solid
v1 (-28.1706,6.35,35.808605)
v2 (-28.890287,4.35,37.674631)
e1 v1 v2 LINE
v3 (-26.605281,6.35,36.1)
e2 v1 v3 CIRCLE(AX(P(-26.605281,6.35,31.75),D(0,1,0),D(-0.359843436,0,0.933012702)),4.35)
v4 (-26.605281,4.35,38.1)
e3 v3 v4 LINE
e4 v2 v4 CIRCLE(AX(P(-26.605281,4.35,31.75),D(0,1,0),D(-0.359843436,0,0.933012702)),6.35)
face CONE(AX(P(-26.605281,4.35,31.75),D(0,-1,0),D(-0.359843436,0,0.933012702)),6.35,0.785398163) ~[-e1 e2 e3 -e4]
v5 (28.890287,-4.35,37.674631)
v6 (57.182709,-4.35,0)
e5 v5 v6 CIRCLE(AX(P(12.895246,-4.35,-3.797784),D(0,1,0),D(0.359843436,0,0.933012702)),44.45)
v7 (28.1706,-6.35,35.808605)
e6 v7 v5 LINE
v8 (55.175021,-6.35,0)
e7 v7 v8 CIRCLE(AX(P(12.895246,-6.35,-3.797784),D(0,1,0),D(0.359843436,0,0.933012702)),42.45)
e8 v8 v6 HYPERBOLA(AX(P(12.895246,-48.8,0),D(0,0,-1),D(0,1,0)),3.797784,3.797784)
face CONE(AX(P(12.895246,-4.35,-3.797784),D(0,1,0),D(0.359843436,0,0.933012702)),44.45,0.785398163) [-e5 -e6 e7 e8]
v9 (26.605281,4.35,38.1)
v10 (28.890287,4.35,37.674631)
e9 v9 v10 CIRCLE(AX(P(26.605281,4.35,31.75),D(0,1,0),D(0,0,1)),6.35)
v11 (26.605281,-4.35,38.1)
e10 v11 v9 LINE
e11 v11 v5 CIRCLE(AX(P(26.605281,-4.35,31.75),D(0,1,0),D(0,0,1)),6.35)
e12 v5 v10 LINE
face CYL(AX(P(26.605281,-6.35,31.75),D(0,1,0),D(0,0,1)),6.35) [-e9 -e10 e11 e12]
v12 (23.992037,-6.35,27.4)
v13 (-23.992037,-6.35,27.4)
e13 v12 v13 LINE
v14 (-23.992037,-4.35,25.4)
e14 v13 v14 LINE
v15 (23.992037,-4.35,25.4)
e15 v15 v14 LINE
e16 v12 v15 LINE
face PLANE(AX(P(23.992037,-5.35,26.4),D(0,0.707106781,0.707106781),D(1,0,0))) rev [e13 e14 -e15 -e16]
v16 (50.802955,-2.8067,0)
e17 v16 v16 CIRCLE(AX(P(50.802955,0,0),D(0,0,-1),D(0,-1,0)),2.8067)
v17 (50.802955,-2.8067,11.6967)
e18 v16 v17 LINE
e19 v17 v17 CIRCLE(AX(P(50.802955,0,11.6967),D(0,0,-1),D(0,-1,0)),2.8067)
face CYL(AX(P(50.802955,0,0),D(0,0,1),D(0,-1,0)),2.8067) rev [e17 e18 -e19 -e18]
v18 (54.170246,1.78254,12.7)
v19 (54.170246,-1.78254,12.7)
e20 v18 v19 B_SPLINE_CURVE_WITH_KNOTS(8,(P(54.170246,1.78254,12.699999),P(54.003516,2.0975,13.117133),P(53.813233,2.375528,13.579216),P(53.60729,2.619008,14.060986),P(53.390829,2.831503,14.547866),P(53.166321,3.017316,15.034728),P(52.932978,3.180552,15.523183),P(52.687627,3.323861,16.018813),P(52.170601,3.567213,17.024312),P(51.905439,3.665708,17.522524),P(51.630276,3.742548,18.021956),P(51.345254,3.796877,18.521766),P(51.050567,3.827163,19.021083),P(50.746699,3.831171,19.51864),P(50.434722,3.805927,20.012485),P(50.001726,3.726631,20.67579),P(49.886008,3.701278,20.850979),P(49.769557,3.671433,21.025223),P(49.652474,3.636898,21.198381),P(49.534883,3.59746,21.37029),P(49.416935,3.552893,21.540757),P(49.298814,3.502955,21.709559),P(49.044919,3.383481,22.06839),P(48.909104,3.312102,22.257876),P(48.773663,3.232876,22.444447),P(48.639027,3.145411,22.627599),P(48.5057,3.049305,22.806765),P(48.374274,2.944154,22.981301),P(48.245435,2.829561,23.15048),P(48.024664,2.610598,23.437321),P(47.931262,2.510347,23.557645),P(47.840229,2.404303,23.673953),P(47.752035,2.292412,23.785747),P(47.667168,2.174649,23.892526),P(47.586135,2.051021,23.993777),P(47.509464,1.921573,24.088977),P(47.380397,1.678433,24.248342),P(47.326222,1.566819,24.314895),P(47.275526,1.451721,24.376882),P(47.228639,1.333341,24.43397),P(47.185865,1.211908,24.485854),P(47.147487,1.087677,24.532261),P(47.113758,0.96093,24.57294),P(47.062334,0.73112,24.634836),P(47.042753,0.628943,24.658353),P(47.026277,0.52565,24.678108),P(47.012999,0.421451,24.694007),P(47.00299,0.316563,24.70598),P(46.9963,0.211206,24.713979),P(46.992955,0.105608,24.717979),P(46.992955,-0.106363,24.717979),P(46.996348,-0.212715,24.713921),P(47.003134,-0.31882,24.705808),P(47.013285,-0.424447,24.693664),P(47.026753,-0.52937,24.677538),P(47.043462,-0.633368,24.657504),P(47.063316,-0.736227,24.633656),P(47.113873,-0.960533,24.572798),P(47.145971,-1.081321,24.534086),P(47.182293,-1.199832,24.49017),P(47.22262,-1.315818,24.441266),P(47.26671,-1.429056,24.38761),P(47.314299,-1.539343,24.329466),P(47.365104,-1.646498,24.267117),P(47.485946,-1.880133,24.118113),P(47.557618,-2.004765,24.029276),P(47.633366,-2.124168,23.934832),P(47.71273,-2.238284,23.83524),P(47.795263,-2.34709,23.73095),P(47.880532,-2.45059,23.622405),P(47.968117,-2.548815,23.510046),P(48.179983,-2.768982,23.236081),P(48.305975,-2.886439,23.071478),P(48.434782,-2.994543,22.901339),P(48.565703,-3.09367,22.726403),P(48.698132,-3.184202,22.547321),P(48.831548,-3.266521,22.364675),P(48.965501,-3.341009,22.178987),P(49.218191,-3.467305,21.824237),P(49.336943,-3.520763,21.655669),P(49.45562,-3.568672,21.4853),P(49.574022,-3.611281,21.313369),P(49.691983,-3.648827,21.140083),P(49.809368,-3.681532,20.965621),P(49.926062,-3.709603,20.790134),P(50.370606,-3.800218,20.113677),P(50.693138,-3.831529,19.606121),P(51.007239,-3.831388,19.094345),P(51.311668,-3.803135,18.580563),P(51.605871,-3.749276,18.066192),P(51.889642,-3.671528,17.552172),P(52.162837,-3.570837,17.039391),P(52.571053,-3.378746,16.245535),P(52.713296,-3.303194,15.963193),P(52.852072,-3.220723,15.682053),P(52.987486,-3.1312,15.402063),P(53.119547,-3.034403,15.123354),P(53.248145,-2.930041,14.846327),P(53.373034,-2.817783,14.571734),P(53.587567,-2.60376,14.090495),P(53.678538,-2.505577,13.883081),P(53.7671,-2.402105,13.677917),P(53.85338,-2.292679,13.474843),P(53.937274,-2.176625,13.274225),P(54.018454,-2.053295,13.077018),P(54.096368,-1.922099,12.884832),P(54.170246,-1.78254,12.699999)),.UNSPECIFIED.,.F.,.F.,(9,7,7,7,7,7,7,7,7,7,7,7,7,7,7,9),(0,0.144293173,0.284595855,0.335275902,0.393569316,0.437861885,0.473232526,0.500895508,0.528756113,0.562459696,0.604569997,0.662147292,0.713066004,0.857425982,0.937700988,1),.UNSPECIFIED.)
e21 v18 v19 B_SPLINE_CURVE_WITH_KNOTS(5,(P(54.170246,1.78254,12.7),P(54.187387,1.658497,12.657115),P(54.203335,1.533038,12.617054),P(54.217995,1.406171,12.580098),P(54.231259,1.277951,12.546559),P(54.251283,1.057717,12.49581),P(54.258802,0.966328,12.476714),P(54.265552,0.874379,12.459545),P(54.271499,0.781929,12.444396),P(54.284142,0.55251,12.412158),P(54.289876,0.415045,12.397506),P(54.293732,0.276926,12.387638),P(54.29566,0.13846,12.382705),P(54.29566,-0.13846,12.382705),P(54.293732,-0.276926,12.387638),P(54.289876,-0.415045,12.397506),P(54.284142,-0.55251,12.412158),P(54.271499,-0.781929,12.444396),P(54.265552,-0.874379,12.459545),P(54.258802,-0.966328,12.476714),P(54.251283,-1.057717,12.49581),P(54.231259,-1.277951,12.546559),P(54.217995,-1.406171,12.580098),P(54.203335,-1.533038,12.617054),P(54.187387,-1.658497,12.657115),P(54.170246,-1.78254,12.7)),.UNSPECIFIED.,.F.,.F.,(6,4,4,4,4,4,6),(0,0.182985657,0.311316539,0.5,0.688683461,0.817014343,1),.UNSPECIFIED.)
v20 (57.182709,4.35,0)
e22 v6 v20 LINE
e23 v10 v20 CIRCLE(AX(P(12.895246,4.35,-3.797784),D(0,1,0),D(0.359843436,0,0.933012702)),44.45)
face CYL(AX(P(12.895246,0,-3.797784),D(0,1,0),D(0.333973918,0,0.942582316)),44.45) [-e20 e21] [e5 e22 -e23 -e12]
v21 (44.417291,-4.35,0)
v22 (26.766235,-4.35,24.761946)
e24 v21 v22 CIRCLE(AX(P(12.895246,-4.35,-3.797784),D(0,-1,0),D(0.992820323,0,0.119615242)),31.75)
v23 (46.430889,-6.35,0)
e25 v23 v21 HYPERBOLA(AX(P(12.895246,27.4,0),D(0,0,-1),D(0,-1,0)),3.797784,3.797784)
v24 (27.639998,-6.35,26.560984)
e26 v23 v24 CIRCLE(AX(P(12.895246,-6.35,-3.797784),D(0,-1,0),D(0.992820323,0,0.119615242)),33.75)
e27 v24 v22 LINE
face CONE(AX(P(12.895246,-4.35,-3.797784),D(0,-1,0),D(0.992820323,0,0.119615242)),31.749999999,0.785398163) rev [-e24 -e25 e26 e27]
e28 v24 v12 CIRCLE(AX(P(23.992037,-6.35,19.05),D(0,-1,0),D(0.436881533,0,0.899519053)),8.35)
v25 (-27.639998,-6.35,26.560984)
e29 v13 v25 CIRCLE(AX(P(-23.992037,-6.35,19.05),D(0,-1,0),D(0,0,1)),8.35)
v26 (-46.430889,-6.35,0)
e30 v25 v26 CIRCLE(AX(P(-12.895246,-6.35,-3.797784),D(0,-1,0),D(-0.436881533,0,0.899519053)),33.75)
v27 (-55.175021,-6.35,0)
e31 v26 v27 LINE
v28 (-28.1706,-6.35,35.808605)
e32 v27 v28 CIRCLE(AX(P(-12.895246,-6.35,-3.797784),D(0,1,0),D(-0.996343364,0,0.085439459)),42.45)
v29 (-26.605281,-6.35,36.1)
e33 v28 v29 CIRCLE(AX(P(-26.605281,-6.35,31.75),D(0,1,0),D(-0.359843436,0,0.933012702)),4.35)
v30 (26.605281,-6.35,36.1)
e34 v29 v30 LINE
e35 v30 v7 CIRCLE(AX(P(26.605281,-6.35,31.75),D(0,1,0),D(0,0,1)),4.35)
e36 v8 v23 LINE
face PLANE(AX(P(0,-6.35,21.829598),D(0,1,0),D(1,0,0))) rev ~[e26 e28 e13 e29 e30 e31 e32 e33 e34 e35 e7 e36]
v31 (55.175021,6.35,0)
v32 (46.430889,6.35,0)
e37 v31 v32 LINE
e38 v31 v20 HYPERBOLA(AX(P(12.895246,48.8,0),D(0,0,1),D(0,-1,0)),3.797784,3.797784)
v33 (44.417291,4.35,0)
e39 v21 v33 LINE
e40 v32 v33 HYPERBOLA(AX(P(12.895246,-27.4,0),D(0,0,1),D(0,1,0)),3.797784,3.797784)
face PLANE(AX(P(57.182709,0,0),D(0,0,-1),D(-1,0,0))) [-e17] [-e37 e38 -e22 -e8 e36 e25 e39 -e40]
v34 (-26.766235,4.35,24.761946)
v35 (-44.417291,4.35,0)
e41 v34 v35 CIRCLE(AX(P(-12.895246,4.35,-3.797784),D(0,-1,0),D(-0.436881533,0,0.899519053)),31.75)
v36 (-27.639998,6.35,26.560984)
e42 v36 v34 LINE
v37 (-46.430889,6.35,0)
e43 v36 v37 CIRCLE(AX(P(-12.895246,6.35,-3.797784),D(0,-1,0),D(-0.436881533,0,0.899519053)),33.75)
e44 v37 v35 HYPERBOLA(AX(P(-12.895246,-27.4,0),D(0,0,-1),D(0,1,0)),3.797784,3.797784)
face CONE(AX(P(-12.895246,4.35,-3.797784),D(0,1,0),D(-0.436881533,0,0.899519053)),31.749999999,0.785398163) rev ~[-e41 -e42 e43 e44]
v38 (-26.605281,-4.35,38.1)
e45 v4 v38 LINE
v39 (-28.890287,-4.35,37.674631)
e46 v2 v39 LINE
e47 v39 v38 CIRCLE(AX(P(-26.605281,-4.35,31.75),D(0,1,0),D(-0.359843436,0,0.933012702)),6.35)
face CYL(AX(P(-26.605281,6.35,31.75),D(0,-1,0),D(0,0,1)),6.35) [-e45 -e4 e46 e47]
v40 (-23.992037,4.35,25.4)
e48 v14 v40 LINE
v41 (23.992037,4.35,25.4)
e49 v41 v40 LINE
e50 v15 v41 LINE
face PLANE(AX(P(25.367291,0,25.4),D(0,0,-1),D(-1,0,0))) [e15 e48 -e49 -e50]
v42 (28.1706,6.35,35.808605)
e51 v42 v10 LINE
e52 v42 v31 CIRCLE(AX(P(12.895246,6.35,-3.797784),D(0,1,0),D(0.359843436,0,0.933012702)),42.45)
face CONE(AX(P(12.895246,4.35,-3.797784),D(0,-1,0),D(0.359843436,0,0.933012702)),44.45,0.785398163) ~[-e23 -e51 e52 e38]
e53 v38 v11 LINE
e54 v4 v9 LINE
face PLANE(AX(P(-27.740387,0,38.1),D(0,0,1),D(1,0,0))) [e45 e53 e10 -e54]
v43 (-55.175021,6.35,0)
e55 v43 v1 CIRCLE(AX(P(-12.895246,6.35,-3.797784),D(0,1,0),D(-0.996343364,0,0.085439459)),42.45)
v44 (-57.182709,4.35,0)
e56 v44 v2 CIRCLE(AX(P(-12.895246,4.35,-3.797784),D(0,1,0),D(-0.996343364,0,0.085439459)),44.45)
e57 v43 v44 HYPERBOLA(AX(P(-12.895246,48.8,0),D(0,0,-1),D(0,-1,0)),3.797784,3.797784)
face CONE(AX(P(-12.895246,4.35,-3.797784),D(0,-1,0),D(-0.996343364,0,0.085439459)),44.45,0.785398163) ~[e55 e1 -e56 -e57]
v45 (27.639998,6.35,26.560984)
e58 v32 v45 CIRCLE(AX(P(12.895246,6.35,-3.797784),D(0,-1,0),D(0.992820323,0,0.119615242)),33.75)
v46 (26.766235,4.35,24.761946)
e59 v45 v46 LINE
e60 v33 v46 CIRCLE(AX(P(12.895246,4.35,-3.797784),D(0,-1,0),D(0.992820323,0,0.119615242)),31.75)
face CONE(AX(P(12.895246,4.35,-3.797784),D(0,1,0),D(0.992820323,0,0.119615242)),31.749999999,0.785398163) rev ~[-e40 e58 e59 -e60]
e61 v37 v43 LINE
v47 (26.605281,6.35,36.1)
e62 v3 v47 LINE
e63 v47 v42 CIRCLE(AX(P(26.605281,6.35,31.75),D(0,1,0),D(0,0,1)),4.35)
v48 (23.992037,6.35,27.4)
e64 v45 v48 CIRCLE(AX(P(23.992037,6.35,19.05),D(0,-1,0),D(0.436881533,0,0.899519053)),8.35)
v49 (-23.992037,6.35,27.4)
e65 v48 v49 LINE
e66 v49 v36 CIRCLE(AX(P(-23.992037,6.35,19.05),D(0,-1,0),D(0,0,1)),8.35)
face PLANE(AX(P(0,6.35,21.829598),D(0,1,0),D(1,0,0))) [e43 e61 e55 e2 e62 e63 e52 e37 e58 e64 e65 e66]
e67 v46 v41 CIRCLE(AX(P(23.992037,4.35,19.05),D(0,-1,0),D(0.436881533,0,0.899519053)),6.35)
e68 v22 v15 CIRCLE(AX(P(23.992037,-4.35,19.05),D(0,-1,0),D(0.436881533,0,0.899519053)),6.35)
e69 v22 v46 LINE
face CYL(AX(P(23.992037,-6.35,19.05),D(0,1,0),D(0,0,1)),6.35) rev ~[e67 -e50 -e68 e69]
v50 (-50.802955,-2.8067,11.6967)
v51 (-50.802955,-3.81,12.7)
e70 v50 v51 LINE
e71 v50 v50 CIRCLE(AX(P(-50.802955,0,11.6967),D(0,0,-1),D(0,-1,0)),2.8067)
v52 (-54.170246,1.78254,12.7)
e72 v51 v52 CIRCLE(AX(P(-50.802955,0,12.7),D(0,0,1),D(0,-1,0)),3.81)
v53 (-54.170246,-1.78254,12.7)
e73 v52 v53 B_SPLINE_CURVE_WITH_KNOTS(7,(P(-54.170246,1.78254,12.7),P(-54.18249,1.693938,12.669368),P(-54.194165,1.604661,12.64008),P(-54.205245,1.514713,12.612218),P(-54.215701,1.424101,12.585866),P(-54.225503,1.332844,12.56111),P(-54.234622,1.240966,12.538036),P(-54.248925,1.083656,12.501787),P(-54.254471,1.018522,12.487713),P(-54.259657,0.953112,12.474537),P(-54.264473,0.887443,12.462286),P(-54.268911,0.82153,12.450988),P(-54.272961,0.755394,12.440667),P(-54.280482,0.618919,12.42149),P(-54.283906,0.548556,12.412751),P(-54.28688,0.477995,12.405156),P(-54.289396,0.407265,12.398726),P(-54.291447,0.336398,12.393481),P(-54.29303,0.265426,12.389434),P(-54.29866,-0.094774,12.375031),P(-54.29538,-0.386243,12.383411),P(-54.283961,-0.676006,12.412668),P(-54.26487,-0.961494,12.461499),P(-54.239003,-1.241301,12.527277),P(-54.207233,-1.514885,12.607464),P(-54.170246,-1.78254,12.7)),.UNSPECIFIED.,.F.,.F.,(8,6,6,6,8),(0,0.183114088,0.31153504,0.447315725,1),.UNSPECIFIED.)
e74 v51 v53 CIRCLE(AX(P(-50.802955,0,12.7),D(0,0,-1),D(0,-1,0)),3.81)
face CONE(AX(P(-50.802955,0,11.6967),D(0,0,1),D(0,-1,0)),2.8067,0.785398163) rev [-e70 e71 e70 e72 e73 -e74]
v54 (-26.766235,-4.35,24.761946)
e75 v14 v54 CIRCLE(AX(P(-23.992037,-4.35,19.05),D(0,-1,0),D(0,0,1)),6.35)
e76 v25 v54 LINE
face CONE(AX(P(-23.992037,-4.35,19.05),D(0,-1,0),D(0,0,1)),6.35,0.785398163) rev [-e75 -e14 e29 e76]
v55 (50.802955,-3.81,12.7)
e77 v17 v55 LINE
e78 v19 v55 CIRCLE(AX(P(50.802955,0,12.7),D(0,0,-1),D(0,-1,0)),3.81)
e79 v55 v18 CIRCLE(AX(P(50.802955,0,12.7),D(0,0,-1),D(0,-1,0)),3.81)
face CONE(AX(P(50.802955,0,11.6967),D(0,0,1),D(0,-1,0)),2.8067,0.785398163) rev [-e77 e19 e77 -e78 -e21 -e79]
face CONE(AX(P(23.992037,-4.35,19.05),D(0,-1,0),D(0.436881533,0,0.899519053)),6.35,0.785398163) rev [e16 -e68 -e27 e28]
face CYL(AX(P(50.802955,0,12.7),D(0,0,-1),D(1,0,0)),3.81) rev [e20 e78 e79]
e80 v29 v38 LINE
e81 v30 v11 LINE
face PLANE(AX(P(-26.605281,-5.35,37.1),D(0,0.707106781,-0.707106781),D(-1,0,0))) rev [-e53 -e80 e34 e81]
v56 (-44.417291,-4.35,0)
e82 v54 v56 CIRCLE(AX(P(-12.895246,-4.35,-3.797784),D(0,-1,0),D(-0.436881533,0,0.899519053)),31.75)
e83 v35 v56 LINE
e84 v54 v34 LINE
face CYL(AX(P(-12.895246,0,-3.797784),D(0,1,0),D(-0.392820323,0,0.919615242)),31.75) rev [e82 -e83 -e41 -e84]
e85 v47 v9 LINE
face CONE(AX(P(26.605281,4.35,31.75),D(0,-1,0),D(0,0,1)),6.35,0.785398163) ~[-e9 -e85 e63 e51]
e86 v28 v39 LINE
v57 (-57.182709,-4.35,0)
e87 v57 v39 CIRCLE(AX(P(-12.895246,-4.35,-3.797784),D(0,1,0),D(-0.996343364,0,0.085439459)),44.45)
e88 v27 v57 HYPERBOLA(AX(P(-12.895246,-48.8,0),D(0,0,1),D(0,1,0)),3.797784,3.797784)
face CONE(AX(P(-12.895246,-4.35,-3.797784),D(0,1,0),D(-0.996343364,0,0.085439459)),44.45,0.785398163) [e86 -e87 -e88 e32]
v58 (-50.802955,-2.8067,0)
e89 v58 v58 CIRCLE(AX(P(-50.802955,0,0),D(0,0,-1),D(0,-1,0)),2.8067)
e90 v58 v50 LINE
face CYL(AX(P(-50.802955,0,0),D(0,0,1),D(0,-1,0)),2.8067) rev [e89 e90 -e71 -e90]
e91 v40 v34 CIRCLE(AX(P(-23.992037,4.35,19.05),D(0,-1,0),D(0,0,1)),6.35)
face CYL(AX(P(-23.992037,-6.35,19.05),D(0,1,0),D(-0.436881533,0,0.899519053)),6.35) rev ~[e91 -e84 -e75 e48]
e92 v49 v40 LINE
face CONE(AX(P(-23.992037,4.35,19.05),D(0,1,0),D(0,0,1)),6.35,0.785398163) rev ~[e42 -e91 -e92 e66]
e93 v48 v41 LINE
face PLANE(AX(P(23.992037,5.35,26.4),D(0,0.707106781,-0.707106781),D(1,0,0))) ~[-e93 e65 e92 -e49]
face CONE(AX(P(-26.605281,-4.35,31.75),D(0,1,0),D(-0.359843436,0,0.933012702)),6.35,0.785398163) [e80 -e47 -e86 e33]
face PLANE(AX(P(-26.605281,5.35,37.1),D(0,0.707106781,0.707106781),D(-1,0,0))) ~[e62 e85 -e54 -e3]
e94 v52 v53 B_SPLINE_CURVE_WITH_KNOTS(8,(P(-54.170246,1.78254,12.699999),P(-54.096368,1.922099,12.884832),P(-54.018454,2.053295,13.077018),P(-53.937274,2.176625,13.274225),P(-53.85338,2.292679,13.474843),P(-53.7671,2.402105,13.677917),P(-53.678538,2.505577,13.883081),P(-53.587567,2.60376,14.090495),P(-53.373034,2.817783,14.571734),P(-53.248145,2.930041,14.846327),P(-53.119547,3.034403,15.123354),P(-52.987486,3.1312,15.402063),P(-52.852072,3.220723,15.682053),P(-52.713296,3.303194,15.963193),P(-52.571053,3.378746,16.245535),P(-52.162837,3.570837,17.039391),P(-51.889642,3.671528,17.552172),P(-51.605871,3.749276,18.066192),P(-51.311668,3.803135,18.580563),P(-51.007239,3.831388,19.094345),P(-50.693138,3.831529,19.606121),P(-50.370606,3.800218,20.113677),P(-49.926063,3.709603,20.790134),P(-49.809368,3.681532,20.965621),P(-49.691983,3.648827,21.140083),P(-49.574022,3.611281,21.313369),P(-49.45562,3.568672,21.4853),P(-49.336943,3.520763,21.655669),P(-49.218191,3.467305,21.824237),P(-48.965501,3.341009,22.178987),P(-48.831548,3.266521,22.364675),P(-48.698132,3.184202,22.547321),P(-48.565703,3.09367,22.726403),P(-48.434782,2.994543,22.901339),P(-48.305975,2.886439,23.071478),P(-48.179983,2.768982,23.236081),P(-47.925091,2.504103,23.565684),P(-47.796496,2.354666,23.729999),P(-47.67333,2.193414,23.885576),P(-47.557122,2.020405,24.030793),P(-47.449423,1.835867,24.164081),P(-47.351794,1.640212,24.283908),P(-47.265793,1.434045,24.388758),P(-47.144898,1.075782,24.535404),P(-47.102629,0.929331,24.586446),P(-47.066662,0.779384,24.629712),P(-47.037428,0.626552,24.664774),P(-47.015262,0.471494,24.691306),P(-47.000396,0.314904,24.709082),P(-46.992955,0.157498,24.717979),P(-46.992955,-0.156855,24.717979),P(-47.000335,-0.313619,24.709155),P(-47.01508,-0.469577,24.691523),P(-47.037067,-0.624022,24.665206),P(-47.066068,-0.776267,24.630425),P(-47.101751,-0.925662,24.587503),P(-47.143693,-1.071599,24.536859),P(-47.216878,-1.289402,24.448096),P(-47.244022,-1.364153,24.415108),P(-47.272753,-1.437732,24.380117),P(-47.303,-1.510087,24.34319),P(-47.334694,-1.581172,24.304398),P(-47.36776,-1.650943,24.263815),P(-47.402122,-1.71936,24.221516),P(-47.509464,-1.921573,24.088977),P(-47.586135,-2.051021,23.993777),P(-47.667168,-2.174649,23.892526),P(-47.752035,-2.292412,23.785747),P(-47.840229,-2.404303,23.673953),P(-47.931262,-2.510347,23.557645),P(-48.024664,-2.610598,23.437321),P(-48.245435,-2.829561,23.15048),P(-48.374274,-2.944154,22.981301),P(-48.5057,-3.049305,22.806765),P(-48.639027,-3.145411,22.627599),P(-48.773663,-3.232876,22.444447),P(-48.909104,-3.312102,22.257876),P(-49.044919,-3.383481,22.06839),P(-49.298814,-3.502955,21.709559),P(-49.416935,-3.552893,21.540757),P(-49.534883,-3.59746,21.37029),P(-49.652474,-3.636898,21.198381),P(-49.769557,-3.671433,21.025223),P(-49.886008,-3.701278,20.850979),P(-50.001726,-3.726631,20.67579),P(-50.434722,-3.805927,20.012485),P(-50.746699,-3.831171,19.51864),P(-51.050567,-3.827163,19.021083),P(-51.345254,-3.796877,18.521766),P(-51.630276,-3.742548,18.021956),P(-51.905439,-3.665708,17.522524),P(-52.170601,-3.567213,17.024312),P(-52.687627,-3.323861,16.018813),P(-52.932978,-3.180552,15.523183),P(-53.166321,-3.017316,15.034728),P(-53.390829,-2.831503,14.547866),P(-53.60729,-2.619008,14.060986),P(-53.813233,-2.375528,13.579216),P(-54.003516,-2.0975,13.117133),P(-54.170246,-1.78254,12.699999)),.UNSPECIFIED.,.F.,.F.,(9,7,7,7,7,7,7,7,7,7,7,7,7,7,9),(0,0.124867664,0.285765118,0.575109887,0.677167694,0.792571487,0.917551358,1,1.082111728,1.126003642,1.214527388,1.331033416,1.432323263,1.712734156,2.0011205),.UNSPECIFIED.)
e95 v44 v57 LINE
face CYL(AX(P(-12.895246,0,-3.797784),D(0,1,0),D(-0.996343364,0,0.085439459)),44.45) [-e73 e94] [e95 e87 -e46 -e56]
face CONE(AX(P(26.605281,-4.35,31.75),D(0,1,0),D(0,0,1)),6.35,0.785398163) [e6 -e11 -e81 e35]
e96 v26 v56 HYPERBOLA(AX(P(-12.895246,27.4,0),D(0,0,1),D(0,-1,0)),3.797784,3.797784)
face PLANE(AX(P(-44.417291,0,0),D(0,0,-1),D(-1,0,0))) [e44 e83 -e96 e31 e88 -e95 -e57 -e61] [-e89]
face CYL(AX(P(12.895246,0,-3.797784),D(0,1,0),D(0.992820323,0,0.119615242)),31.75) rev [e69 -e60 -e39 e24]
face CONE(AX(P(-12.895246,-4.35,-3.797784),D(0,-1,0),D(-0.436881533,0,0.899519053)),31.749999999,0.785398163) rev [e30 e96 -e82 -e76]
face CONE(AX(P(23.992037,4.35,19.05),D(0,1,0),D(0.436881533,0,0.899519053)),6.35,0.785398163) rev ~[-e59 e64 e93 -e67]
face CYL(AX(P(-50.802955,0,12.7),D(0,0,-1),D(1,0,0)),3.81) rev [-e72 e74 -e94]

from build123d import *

# Parameters (mm, degrees)
BOSS_EXTRUDE1_DEPTH             = 6.35
FILLET1_R                       = 6.35
CHAMFER1_SIZE                   = 2
SKETCH3_R                       = 2.54
CUT_EXTRUDE1_DEPTH              = 63.891530963
F_10_CLEARANCE_HOLE1_AT_2_COUNT = 2
F_10_CLEARANCE_HOLE1_AT_2_PITCH = 101.605909567
SKETCH6_R                       = 3.81
CUT_EXTRUDE2_DEPTH              = 63.891531054


with BuildPart() as part:
    # Sketch2 → Boss-Extrude1 (new, symmetric)
    with BuildSketch(Plane(origin=(0, 0, 0), x_dir=(1, 0, 0), z_dir=(0, 1, 0))):
        with BuildLine():
            Line((-27.740386752, -38.1), (27.740386752, -38.1))
            ThreePointArc((27.740386752, -38.1), (48.067233392, -23.381874086), (57.182708636, 0))
            Line((57.182708636, 0), (44.417291364, 0))
            ThreePointArc((44.417291364, 0), (38.295246108, -15.252216058), (25.367291364, -25.4))
            Line((25.367291364, -25.4), (-25.367291364, -25.4))
            ThreePointArc((-25.367291364, -25.4), (-38.295246108, -15.252216058), (-44.417291364, 0))
            Line((-44.417291364, 0), (-57.182708636, 0))
            ThreePointArc((-57.182708636, 0), (-48.067233392, -23.381874086), (-27.740386752, -38.1))
        make_face()
    extrude(amount=BOSS_EXTRUDE1_DEPTH, both=True)

    # Fillet1
    fillet1_edges = [part.edges().sort_by_distance(p)[0] for p in [
        (-25.367291364, 0, 25.4),
        (25.367291364, 0, 25.4),
        (27.740386752, 0, 38.1),
        (-27.740386752, 0, 38.1),
    ]]
    fillet(fillet1_edges, radius=FILLET1_R)

    # Chamfer1
    chamfer1_edges = [part.edges().sort_by_distance(p)[0] for p in [
        (-48.438733528, -6.35, 22.894218644),
        (38.749073181, 6.35, 14.631598188),
        (-38.749073181, -6.35, 14.631598188),
        (-38.749073181, 6.35, 14.631598188),
        (0, -6.35, 25.4),
        (0, 6.35, 25.4),
        (48.438733528, -6.35, 22.894218644),
        (48.438733528, 6.35, 22.894218644),
        (0, -6.35, 38.1),
        (-27.76741166, -6.35, 37.992751984),
        (27.76741166, -6.35, 37.992751984),
        (0, 6.35, 38.1),
        (-27.76741166, 6.35, 37.992751984),
        (27.76741166, 6.35, 37.992751984),
        (-25.4153506, -6.35, 25.238431021),
        (-25.4153506, 6.35, 25.238431021),
        (25.4153506, -6.35, 25.238431021),
        (25.4153506, 6.35, 25.238431021),
        (-48.438733528, 6.35, 22.894218644),
        (38.749073181, -6.35, 14.631598188),
    ]]
    chamfer(chamfer1_edges, length=CHAMFER1_SIZE)

    # Sketch3 → Cut-Extrude1 (cut, through all)
    with BuildSketch(Plane.XY.offset(12.7)):
        with Locations(Location((50.802954783, 0, 0), (0, 0, 180))):
            Circle(SKETCH3_R)
        with Locations(Location((-50.802954783, 0, 0), (0, 0, 180))):
            Circle(SKETCH3_R)
    extrude(amount=CUT_EXTRUDE1_DEPTH, mode=Mode.SUBTRACT)

    # Sketch5 → #10 Clearance Hole1 (revolve, cut)
    with BuildSketch(Plane(origin=(50.802954783, 0, 12.7), x_dir=(0, -1, 0), z_dir=(1, 0, 0))):
        Polygon((0, 0), (0, 12.7), (2.8067, 12.7), (2.8067, 1.0033), (3.81, 0), align=None)
    f_10_clearance_hole1 = revolve(axis=Axis((50.802954783, 0, 19.05), (0, 0, -1)), mode=Mode.SUBTRACT)

    # #10 Clearance Hole1 at 2: #10 Clearance Hole1 ×2
    with Locations(*[(-i * F_10_CLEARANCE_HOLE1_AT_2_PITCH, 0, 0) for i in range(1, F_10_CLEARANCE_HOLE1_AT_2_COUNT)]):
        add(f_10_clearance_hole1, mode=Mode.SUBTRACT)

    # Sketch6 → Cut-Extrude2 (cut, through all)
    with BuildSketch(Plane.XY.offset(12.7)):
        with Locations((50.802954783, 0)):
            Circle(SKETCH6_R)
        with Locations((-50.802954783, 0)):
            Circle(SKETCH6_R)
    extrude(amount=CUT_EXTRUDE2_DEPTH, mode=Mode.SUBTRACT)


solid = part.part
